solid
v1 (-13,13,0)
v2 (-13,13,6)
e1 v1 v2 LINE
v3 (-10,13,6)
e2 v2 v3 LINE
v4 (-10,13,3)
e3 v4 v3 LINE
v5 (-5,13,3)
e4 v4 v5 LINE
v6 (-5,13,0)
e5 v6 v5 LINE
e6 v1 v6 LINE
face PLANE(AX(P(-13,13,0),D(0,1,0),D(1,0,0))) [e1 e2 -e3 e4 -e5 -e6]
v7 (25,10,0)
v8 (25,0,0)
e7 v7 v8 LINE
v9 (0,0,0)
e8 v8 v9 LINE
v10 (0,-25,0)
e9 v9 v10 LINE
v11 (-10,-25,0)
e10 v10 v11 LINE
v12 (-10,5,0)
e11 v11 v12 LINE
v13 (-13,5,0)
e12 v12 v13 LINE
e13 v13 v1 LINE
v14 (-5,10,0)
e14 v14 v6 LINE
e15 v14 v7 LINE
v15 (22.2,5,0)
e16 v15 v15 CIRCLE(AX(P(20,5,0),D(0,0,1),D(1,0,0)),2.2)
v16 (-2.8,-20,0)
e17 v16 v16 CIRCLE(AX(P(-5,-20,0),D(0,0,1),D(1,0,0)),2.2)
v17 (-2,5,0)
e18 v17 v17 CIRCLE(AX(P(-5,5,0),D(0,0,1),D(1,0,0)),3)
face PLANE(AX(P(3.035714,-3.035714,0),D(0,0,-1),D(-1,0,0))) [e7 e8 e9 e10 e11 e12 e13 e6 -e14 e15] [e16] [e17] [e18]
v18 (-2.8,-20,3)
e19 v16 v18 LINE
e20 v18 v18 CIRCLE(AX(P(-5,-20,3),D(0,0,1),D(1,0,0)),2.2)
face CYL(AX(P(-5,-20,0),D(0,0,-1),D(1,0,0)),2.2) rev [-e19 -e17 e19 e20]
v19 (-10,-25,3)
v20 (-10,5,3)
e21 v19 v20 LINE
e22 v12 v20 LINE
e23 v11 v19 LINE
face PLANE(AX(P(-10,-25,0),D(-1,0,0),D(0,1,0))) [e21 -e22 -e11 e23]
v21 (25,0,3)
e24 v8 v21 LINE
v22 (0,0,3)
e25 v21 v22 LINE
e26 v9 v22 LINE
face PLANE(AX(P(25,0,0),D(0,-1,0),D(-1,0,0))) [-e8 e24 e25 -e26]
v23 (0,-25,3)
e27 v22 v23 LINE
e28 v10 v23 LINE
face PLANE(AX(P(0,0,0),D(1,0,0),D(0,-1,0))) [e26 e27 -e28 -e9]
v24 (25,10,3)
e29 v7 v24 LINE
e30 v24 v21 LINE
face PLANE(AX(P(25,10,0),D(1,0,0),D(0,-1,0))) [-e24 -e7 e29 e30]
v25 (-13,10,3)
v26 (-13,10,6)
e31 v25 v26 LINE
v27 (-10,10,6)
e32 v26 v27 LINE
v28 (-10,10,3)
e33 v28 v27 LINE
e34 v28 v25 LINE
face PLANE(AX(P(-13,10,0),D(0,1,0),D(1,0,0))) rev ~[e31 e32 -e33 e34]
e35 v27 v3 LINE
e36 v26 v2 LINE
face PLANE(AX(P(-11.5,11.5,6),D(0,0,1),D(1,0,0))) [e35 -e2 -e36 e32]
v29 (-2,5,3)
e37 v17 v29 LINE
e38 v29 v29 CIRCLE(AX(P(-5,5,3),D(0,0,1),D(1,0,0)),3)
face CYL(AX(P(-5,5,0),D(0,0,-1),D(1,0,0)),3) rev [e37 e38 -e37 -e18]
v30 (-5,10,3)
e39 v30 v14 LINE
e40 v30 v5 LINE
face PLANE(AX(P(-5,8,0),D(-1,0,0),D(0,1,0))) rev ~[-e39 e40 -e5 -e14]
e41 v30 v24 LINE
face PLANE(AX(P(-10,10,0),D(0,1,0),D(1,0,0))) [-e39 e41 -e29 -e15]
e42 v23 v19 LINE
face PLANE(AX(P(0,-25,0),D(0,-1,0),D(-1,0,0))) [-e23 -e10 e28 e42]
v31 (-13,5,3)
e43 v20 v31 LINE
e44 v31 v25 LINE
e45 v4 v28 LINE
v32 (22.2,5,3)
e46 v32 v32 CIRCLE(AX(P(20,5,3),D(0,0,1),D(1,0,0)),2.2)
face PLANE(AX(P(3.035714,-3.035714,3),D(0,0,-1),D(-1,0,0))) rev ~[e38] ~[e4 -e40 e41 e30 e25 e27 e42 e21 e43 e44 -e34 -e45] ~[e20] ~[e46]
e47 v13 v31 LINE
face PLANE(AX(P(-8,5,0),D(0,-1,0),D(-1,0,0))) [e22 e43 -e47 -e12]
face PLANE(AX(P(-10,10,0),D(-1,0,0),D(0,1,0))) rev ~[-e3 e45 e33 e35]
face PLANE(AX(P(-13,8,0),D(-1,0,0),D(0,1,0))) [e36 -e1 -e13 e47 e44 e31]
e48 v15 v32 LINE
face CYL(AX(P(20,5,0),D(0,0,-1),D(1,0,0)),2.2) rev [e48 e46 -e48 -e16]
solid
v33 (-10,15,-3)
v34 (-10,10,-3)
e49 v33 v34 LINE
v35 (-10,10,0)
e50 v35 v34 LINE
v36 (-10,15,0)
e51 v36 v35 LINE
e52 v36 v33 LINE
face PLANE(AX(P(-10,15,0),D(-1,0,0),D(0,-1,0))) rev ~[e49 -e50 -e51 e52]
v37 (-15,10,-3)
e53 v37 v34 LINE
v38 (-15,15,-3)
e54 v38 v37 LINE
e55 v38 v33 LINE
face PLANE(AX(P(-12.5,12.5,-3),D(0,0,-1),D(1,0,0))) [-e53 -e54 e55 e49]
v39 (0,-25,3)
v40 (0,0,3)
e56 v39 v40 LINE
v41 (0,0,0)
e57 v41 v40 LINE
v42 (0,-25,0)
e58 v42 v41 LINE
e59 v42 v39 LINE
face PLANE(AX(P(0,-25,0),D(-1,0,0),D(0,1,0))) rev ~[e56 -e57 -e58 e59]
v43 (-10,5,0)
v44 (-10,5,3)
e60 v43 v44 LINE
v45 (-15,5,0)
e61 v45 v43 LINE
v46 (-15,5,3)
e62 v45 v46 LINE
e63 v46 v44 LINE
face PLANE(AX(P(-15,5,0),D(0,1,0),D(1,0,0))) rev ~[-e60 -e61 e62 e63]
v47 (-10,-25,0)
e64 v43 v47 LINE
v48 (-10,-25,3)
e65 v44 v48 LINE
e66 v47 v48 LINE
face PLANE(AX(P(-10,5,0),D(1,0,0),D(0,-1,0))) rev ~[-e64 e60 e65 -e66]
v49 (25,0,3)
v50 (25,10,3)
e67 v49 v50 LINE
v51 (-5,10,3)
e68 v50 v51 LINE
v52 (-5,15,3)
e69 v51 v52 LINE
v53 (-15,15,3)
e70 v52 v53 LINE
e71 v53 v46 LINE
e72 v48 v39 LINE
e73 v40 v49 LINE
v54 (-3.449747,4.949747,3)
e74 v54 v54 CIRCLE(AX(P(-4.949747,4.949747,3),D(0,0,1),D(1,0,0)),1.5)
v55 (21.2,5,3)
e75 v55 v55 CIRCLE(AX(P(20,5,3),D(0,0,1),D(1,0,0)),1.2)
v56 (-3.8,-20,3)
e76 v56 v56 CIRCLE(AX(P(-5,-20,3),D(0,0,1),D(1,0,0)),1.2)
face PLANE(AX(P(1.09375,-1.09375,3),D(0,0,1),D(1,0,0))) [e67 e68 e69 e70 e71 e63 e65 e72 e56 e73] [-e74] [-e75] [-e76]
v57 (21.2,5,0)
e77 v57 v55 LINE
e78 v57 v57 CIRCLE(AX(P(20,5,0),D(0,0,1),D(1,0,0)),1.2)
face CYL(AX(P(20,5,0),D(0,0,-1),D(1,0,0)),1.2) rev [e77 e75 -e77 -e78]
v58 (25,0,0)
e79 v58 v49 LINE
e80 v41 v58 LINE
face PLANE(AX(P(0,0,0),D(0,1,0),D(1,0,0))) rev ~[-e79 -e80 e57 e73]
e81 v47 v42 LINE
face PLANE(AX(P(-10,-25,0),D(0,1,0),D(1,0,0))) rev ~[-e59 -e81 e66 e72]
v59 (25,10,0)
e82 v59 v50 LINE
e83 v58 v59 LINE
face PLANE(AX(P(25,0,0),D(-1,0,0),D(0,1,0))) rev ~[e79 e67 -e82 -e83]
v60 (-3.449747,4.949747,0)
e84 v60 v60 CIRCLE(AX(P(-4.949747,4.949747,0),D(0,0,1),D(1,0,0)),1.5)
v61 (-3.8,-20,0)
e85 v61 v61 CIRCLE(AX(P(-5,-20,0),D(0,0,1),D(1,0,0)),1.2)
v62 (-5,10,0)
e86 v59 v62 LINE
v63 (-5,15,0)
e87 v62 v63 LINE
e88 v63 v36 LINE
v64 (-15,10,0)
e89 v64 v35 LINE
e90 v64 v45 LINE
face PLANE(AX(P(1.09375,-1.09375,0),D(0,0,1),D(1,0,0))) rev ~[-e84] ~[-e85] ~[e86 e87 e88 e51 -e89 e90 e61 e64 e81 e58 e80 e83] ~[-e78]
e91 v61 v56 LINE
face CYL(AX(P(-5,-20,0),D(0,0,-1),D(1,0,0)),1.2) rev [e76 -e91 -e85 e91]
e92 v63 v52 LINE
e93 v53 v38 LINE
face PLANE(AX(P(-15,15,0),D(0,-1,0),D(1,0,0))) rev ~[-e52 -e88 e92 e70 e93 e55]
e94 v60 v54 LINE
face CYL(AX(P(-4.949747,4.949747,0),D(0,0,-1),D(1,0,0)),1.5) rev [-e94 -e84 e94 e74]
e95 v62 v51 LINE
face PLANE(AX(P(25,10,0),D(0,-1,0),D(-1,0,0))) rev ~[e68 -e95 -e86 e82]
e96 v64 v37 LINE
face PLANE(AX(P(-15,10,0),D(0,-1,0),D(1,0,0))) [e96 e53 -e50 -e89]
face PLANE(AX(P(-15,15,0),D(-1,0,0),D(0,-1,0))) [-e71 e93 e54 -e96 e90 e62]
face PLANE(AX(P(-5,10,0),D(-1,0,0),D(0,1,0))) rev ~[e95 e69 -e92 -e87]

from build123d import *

# Parameters (mm, degrees)
BOX002_W      = 8
BOX002_H      = 5
BOX002_DEPTH  = 3
SKETCH_R      = 3
SKETCH_R_2    = 2.2
PAD_DEPTH     = 3
BOX_W         = 3
BOX_H         = 3
BOX_DEPTH     = 6
BOX001_W      = 8
BOX001_H      = 5
BOX001_DEPTH  = 3
SKETCH001_R   = 1.5
SKETCH001_R_2 = 1.2
PAD001_DEPTH  = 3
SKETCH002_W   = 5
SKETCH002_H   = 5
PAD002_DEPTH  = 3


with BuildPart() as box002:
    # Box002 → Box002 (new body)
    with BuildSketch(Plane(origin=(-8, 5, 0), x_dir=(0, 1, 0), z_dir=(0, 0, 1))):
        with Locations((4, 2.5)):
            Rectangle(BOX002_W, BOX002_H)
    extrude(amount=BOX002_DEPTH)


with BuildPart() as body:
    # Sketch → Pad (new body)
    with BuildSketch(Plane.XY):
        Polygon((0, 0), (0, -25), (-10, -25), (-10, 10), (25, 10), (25, 0), align=None)
        with Locations((-5, 5)):
            Circle(SKETCH_R, mode=Mode.SUBTRACT)
        with Locations((20, 5)):
            Circle(SKETCH_R_2, mode=Mode.SUBTRACT)
        with Locations((-5, -20)):
            Circle(SKETCH_R_2, mode=Mode.SUBTRACT)
    extrude(amount=PAD_DEPTH)


with BuildPart() as box:
    # Box → Box (new body)
    with BuildSketch(Plane(origin=(-13, 10, 0), x_dir=(1, 0, 0), z_dir=(0, 0, 1))):
        with Locations((1.5, 1.5)):
            Rectangle(BOX_W, BOX_H)
    extrude(amount=BOX_DEPTH)


with BuildPart() as fusion002:
    # Box001 → Box001 (new body)
    with BuildSketch(Plane(origin=(-13, 8, 0), x_dir=(1, 0, 0), z_dir=(0, 0, 1))):
        with Locations((4, 2.5)):
            Rectangle(BOX001_W, BOX001_H)
    extrude(amount=BOX001_DEPTH)

    # Fusion: union Box
    add(box.part)

    # Fusion001: union Body
    add(body.part)

    # Fusion002: union Box002
    add(box002.part)


with BuildPart() as body001:
    # Sketch001 → Pad001 (new body)
    with BuildSketch(Plane.XY):
        Polygon((25, 10), (-5, 10), (-5, 15), (-15, 15), (-15, 5), (-10, 5), (-10, -25), (0, -25), (0, 0), (25, 0), align=None)
        with Locations((-4.949747, 4.949747)):
            Circle(SKETCH001_R, mode=Mode.SUBTRACT)
        with Locations((20, 5)):
            Circle(SKETCH001_R_2, mode=Mode.SUBTRACT)
        with Locations((-5, -20)):
            Circle(SKETCH001_R_2, mode=Mode.SUBTRACT)
    extrude(amount=PAD001_DEPTH)

    # Sketch002 (on Face12 of Pad001) → Pad002 (join)
    with BuildSketch(Plane(origin=(0, 0, 0), x_dir=(1, 0, 0), z_dir=(0, 0, -1))):
        with Locations((-12.5, -12.5)):
            Rectangle(SKETCH002_W, SKETCH002_H)
    extrude(amount=PAD002_DEPTH)


solid = Compound([fusion002.part, body001.part])
